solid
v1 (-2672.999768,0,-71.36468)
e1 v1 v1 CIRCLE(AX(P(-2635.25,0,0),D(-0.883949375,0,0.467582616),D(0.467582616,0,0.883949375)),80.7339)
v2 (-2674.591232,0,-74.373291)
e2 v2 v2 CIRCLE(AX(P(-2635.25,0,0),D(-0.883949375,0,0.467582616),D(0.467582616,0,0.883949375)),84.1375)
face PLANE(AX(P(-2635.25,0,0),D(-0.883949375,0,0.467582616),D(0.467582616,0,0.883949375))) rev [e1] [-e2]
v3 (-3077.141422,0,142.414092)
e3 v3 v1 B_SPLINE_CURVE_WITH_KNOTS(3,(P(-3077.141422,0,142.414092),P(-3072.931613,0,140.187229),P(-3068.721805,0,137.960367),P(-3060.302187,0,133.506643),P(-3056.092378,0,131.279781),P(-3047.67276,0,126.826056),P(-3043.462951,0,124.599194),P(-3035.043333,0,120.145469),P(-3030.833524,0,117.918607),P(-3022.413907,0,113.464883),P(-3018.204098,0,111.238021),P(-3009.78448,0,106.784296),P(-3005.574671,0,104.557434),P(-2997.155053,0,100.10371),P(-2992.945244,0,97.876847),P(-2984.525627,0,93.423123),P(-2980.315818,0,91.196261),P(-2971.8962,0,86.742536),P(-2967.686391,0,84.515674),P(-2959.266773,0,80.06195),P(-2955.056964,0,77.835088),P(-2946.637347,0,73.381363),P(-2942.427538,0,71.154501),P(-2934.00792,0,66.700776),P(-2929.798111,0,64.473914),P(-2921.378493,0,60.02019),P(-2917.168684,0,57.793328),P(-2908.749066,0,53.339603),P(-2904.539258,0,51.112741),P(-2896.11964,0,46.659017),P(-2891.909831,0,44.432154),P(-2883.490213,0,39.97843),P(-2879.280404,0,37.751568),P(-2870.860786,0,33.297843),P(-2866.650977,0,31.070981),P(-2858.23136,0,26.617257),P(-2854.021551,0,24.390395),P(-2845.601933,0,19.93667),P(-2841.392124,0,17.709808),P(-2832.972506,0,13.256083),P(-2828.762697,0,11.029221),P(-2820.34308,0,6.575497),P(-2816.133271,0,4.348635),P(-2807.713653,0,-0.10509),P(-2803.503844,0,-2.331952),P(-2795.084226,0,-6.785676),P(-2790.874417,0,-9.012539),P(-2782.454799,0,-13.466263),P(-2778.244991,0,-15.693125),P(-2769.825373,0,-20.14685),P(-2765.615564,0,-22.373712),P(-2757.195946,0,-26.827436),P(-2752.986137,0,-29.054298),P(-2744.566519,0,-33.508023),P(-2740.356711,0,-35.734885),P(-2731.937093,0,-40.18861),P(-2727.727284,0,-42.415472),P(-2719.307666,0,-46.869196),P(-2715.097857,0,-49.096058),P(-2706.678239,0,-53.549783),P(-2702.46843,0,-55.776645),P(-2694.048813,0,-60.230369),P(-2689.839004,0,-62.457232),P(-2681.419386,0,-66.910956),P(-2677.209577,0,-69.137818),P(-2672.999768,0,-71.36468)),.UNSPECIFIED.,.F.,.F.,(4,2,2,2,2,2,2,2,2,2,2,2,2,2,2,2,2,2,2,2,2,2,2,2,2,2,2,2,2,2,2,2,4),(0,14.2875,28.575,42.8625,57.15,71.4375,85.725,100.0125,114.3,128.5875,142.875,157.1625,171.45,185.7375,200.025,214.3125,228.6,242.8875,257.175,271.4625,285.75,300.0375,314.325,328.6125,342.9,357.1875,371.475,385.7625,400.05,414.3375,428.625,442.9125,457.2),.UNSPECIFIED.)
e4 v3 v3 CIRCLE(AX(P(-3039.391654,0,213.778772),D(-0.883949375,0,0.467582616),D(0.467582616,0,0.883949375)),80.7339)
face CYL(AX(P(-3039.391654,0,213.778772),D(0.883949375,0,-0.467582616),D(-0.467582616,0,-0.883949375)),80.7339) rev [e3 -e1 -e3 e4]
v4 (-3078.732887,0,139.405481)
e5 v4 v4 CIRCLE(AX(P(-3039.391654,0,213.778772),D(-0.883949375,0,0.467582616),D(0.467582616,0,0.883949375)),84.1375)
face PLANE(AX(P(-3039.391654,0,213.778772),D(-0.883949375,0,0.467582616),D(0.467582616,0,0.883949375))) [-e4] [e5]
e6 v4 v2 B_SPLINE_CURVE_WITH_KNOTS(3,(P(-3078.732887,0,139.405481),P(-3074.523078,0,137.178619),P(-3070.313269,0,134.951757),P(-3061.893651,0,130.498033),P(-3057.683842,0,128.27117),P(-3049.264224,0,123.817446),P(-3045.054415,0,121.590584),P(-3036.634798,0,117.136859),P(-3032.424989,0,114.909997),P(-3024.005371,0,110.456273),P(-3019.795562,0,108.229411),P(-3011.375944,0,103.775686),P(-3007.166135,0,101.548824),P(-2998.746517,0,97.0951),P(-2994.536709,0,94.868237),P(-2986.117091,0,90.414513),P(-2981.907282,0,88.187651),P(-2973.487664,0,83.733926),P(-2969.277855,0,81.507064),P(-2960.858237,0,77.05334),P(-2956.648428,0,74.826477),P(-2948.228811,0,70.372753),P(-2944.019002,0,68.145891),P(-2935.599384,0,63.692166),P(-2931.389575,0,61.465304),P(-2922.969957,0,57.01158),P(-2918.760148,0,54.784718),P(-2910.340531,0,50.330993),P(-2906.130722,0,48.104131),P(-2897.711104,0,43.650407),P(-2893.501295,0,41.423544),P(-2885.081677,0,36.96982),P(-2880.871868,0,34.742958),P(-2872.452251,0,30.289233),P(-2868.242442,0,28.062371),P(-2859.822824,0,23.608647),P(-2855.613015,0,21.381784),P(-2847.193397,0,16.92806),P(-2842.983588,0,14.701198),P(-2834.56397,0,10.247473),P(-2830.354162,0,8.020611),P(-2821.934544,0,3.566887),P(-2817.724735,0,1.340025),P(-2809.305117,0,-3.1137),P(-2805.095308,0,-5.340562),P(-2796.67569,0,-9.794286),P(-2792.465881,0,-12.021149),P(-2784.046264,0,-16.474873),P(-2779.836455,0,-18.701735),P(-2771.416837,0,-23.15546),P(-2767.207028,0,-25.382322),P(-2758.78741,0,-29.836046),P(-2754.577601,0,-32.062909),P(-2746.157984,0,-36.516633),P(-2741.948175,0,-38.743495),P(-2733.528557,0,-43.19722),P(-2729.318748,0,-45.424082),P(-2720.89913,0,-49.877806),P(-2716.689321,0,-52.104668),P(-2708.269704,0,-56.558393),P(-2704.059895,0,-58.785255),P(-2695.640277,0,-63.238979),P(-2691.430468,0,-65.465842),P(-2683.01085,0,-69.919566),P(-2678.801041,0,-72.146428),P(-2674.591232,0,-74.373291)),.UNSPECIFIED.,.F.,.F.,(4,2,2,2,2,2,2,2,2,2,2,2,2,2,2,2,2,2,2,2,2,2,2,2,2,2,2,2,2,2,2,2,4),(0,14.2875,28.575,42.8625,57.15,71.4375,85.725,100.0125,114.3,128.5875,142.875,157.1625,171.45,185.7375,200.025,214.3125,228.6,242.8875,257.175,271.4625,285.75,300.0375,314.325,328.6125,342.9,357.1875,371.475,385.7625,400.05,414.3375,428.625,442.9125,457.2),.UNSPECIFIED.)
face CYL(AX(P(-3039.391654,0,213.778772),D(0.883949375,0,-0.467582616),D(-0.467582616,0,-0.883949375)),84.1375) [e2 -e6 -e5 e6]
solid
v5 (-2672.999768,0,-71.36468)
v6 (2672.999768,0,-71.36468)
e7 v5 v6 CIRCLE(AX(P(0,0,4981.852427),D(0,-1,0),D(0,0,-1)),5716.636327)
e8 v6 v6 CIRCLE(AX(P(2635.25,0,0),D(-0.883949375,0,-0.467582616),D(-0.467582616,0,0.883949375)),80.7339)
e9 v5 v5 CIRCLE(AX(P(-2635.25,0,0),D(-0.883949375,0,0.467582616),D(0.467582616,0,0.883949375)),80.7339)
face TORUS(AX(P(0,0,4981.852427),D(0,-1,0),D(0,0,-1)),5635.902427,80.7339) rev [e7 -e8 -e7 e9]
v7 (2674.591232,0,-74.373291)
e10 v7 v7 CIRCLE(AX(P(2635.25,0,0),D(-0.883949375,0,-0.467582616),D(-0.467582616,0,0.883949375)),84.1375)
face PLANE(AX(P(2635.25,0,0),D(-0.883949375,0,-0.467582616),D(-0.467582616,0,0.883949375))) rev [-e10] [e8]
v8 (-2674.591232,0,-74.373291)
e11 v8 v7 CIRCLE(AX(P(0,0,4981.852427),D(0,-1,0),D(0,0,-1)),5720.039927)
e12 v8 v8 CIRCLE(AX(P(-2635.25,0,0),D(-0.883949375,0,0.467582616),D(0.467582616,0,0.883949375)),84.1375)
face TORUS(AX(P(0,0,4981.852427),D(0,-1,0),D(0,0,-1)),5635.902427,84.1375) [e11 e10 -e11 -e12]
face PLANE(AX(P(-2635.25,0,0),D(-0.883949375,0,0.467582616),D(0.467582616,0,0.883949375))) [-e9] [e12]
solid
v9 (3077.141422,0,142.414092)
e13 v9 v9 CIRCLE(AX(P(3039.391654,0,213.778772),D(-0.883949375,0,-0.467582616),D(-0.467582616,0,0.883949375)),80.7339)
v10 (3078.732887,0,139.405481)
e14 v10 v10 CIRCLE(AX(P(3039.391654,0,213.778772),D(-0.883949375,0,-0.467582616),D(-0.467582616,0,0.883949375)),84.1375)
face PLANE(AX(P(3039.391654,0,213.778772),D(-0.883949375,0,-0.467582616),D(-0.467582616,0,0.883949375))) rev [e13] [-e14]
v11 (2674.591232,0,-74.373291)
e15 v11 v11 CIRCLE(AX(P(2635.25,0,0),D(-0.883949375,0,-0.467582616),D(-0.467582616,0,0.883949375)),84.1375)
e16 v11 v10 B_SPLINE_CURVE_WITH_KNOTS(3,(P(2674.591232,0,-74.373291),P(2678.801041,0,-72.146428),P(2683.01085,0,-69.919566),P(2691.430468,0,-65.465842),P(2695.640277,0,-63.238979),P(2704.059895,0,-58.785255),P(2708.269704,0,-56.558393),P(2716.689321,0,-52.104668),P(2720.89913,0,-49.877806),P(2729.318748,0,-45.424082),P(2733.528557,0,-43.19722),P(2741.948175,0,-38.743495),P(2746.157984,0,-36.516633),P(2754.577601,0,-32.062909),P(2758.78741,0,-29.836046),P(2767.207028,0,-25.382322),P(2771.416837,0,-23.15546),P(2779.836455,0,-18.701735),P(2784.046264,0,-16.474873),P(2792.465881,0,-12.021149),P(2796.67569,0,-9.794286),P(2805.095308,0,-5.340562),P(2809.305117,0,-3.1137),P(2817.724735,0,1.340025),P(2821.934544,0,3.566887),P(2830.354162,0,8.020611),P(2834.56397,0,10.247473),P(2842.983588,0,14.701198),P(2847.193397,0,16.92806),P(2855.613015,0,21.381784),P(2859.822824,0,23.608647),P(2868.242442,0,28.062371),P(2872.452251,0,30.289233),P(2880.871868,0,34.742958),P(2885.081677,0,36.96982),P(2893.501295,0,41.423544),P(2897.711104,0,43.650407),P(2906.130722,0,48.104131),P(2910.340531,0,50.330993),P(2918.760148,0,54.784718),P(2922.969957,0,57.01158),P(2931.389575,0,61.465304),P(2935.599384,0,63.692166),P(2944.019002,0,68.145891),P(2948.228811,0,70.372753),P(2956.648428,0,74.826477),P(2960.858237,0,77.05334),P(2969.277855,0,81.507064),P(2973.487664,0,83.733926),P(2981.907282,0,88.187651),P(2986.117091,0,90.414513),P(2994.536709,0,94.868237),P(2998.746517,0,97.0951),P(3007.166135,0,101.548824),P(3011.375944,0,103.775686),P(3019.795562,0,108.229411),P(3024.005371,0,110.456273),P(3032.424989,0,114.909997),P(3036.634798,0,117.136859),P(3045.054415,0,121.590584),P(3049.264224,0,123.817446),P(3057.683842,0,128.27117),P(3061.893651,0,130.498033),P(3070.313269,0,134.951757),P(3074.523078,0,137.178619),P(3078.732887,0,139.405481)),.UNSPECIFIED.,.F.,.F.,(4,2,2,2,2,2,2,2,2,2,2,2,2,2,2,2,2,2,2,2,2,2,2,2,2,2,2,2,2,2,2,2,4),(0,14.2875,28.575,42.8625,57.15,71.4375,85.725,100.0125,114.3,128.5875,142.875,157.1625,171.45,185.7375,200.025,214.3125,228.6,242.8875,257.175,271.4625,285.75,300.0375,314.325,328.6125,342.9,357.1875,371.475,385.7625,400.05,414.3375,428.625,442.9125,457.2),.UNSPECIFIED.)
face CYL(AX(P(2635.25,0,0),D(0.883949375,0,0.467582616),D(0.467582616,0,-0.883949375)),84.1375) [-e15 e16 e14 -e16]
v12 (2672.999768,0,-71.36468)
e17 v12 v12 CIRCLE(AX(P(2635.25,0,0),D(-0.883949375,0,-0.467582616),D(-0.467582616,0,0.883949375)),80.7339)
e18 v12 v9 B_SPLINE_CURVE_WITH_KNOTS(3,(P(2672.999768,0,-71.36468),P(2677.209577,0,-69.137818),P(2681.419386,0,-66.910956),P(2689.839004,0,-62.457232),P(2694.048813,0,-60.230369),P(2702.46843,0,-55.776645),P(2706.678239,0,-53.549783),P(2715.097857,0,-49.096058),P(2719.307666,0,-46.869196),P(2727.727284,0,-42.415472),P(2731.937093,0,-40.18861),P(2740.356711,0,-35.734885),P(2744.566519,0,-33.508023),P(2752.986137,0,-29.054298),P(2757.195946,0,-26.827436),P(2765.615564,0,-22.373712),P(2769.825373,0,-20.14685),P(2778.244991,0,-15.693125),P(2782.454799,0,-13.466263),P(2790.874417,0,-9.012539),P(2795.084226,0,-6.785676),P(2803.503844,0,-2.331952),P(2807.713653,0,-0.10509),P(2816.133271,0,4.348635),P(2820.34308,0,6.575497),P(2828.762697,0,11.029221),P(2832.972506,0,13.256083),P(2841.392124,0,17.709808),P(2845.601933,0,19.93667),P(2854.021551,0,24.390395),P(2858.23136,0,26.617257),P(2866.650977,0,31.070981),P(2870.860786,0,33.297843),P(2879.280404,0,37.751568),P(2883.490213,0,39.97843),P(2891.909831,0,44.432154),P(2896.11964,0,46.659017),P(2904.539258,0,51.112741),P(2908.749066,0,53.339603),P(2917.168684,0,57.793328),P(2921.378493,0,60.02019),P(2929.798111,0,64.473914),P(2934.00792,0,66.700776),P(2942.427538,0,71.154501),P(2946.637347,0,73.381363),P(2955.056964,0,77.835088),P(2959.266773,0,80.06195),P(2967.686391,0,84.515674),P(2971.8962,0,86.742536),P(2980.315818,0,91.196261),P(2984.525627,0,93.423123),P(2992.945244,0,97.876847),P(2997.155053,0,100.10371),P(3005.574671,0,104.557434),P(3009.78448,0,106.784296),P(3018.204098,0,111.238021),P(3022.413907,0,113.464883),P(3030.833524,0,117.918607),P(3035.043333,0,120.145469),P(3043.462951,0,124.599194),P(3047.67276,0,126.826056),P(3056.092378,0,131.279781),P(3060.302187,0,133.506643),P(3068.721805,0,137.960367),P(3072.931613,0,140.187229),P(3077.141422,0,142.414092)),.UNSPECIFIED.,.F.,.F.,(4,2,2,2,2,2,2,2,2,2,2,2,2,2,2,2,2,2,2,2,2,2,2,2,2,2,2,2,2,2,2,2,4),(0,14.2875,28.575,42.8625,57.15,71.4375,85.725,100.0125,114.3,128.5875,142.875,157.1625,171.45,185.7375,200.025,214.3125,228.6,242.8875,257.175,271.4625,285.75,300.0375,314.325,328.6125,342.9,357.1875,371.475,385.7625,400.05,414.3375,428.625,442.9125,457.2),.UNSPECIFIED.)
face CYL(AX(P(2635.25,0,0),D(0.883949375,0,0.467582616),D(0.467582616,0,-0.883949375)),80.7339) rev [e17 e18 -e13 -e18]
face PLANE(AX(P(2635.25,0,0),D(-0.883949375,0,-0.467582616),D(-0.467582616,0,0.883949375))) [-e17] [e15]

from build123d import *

# Parameters (mm, degrees)
SKETCH12_R                 = 84.1375
SKETCH12_R_2               = 80.7339
STRUCTURAL_MEMBER1_DEPTH   = 457.2
SKETCH12_ON_SEGMENT_2_R    = 84.1375
SKETCH12_ON_SEGMENT_2_R_2  = 80.7339
STRUCTURAL_MEMBER1_2_ANGLE = 55.754985959
SKETCH12_ON_SEGMENT_3_R    = 84.1375
SKETCH12_ON_SEGMENT_3_R_2  = 80.7339
STRUCTURAL_MEMBER1_3_DEPTH = 457.2


with BuildPart() as part:
    # Sketch12 → Structural Member1 (new body)
    with BuildSketch(Plane(origin=(2635.25, 0, 0), x_dir=(-0.46758261592482786, 0, 0.8839493748427536), z_dir=(-0.8839493748427536, 0, -0.46758261592482786))):
        Circle(SKETCH12_R)
        Circle(SKETCH12_R_2, mode=Mode.SUBTRACT)
    extrude(amount=-STRUCTURAL_MEMBER1_DEPTH)


with BuildPart() as body_2:
    # Sketch12 on segment 2 (carried to the start of arc 2) → Structural Member1 2 (revolve)
    with BuildSketch(Plane(origin=(2635.25, 0, 0), x_dir=(0.467582616, 0, -0.883949375), z_dir=(0.883949375, 0, 0.467582616))):
        Circle(SKETCH12_ON_SEGMENT_2_R)
        Circle(SKETCH12_ON_SEGMENT_2_R_2, mode=Mode.SUBTRACT)
    revolve(axis=Axis((0, 0, 4981.852427184), (0, 1, 0)), revolution_arc=STRUCTURAL_MEMBER1_2_ANGLE)


with BuildPart() as body_3:
    # Sketch12 on segment 3 (carried to segment 3) → Structural Member1 3 (new body)
    with BuildSketch(Plane(origin=(-3039.391654178, 0, 213.778772001), x_dir=(-0.467582616, 0, -0.883949375), z_dir=(0.883949375, 0, -0.467582616))):
        Circle(SKETCH12_ON_SEGMENT_3_R)
        Circle(SKETCH12_ON_SEGMENT_3_R_2, mode=Mode.SUBTRACT)
    extrude(amount=STRUCTURAL_MEMBER1_3_DEPTH)


solid = Compound([part.part, body_2.part, body_3.part])
